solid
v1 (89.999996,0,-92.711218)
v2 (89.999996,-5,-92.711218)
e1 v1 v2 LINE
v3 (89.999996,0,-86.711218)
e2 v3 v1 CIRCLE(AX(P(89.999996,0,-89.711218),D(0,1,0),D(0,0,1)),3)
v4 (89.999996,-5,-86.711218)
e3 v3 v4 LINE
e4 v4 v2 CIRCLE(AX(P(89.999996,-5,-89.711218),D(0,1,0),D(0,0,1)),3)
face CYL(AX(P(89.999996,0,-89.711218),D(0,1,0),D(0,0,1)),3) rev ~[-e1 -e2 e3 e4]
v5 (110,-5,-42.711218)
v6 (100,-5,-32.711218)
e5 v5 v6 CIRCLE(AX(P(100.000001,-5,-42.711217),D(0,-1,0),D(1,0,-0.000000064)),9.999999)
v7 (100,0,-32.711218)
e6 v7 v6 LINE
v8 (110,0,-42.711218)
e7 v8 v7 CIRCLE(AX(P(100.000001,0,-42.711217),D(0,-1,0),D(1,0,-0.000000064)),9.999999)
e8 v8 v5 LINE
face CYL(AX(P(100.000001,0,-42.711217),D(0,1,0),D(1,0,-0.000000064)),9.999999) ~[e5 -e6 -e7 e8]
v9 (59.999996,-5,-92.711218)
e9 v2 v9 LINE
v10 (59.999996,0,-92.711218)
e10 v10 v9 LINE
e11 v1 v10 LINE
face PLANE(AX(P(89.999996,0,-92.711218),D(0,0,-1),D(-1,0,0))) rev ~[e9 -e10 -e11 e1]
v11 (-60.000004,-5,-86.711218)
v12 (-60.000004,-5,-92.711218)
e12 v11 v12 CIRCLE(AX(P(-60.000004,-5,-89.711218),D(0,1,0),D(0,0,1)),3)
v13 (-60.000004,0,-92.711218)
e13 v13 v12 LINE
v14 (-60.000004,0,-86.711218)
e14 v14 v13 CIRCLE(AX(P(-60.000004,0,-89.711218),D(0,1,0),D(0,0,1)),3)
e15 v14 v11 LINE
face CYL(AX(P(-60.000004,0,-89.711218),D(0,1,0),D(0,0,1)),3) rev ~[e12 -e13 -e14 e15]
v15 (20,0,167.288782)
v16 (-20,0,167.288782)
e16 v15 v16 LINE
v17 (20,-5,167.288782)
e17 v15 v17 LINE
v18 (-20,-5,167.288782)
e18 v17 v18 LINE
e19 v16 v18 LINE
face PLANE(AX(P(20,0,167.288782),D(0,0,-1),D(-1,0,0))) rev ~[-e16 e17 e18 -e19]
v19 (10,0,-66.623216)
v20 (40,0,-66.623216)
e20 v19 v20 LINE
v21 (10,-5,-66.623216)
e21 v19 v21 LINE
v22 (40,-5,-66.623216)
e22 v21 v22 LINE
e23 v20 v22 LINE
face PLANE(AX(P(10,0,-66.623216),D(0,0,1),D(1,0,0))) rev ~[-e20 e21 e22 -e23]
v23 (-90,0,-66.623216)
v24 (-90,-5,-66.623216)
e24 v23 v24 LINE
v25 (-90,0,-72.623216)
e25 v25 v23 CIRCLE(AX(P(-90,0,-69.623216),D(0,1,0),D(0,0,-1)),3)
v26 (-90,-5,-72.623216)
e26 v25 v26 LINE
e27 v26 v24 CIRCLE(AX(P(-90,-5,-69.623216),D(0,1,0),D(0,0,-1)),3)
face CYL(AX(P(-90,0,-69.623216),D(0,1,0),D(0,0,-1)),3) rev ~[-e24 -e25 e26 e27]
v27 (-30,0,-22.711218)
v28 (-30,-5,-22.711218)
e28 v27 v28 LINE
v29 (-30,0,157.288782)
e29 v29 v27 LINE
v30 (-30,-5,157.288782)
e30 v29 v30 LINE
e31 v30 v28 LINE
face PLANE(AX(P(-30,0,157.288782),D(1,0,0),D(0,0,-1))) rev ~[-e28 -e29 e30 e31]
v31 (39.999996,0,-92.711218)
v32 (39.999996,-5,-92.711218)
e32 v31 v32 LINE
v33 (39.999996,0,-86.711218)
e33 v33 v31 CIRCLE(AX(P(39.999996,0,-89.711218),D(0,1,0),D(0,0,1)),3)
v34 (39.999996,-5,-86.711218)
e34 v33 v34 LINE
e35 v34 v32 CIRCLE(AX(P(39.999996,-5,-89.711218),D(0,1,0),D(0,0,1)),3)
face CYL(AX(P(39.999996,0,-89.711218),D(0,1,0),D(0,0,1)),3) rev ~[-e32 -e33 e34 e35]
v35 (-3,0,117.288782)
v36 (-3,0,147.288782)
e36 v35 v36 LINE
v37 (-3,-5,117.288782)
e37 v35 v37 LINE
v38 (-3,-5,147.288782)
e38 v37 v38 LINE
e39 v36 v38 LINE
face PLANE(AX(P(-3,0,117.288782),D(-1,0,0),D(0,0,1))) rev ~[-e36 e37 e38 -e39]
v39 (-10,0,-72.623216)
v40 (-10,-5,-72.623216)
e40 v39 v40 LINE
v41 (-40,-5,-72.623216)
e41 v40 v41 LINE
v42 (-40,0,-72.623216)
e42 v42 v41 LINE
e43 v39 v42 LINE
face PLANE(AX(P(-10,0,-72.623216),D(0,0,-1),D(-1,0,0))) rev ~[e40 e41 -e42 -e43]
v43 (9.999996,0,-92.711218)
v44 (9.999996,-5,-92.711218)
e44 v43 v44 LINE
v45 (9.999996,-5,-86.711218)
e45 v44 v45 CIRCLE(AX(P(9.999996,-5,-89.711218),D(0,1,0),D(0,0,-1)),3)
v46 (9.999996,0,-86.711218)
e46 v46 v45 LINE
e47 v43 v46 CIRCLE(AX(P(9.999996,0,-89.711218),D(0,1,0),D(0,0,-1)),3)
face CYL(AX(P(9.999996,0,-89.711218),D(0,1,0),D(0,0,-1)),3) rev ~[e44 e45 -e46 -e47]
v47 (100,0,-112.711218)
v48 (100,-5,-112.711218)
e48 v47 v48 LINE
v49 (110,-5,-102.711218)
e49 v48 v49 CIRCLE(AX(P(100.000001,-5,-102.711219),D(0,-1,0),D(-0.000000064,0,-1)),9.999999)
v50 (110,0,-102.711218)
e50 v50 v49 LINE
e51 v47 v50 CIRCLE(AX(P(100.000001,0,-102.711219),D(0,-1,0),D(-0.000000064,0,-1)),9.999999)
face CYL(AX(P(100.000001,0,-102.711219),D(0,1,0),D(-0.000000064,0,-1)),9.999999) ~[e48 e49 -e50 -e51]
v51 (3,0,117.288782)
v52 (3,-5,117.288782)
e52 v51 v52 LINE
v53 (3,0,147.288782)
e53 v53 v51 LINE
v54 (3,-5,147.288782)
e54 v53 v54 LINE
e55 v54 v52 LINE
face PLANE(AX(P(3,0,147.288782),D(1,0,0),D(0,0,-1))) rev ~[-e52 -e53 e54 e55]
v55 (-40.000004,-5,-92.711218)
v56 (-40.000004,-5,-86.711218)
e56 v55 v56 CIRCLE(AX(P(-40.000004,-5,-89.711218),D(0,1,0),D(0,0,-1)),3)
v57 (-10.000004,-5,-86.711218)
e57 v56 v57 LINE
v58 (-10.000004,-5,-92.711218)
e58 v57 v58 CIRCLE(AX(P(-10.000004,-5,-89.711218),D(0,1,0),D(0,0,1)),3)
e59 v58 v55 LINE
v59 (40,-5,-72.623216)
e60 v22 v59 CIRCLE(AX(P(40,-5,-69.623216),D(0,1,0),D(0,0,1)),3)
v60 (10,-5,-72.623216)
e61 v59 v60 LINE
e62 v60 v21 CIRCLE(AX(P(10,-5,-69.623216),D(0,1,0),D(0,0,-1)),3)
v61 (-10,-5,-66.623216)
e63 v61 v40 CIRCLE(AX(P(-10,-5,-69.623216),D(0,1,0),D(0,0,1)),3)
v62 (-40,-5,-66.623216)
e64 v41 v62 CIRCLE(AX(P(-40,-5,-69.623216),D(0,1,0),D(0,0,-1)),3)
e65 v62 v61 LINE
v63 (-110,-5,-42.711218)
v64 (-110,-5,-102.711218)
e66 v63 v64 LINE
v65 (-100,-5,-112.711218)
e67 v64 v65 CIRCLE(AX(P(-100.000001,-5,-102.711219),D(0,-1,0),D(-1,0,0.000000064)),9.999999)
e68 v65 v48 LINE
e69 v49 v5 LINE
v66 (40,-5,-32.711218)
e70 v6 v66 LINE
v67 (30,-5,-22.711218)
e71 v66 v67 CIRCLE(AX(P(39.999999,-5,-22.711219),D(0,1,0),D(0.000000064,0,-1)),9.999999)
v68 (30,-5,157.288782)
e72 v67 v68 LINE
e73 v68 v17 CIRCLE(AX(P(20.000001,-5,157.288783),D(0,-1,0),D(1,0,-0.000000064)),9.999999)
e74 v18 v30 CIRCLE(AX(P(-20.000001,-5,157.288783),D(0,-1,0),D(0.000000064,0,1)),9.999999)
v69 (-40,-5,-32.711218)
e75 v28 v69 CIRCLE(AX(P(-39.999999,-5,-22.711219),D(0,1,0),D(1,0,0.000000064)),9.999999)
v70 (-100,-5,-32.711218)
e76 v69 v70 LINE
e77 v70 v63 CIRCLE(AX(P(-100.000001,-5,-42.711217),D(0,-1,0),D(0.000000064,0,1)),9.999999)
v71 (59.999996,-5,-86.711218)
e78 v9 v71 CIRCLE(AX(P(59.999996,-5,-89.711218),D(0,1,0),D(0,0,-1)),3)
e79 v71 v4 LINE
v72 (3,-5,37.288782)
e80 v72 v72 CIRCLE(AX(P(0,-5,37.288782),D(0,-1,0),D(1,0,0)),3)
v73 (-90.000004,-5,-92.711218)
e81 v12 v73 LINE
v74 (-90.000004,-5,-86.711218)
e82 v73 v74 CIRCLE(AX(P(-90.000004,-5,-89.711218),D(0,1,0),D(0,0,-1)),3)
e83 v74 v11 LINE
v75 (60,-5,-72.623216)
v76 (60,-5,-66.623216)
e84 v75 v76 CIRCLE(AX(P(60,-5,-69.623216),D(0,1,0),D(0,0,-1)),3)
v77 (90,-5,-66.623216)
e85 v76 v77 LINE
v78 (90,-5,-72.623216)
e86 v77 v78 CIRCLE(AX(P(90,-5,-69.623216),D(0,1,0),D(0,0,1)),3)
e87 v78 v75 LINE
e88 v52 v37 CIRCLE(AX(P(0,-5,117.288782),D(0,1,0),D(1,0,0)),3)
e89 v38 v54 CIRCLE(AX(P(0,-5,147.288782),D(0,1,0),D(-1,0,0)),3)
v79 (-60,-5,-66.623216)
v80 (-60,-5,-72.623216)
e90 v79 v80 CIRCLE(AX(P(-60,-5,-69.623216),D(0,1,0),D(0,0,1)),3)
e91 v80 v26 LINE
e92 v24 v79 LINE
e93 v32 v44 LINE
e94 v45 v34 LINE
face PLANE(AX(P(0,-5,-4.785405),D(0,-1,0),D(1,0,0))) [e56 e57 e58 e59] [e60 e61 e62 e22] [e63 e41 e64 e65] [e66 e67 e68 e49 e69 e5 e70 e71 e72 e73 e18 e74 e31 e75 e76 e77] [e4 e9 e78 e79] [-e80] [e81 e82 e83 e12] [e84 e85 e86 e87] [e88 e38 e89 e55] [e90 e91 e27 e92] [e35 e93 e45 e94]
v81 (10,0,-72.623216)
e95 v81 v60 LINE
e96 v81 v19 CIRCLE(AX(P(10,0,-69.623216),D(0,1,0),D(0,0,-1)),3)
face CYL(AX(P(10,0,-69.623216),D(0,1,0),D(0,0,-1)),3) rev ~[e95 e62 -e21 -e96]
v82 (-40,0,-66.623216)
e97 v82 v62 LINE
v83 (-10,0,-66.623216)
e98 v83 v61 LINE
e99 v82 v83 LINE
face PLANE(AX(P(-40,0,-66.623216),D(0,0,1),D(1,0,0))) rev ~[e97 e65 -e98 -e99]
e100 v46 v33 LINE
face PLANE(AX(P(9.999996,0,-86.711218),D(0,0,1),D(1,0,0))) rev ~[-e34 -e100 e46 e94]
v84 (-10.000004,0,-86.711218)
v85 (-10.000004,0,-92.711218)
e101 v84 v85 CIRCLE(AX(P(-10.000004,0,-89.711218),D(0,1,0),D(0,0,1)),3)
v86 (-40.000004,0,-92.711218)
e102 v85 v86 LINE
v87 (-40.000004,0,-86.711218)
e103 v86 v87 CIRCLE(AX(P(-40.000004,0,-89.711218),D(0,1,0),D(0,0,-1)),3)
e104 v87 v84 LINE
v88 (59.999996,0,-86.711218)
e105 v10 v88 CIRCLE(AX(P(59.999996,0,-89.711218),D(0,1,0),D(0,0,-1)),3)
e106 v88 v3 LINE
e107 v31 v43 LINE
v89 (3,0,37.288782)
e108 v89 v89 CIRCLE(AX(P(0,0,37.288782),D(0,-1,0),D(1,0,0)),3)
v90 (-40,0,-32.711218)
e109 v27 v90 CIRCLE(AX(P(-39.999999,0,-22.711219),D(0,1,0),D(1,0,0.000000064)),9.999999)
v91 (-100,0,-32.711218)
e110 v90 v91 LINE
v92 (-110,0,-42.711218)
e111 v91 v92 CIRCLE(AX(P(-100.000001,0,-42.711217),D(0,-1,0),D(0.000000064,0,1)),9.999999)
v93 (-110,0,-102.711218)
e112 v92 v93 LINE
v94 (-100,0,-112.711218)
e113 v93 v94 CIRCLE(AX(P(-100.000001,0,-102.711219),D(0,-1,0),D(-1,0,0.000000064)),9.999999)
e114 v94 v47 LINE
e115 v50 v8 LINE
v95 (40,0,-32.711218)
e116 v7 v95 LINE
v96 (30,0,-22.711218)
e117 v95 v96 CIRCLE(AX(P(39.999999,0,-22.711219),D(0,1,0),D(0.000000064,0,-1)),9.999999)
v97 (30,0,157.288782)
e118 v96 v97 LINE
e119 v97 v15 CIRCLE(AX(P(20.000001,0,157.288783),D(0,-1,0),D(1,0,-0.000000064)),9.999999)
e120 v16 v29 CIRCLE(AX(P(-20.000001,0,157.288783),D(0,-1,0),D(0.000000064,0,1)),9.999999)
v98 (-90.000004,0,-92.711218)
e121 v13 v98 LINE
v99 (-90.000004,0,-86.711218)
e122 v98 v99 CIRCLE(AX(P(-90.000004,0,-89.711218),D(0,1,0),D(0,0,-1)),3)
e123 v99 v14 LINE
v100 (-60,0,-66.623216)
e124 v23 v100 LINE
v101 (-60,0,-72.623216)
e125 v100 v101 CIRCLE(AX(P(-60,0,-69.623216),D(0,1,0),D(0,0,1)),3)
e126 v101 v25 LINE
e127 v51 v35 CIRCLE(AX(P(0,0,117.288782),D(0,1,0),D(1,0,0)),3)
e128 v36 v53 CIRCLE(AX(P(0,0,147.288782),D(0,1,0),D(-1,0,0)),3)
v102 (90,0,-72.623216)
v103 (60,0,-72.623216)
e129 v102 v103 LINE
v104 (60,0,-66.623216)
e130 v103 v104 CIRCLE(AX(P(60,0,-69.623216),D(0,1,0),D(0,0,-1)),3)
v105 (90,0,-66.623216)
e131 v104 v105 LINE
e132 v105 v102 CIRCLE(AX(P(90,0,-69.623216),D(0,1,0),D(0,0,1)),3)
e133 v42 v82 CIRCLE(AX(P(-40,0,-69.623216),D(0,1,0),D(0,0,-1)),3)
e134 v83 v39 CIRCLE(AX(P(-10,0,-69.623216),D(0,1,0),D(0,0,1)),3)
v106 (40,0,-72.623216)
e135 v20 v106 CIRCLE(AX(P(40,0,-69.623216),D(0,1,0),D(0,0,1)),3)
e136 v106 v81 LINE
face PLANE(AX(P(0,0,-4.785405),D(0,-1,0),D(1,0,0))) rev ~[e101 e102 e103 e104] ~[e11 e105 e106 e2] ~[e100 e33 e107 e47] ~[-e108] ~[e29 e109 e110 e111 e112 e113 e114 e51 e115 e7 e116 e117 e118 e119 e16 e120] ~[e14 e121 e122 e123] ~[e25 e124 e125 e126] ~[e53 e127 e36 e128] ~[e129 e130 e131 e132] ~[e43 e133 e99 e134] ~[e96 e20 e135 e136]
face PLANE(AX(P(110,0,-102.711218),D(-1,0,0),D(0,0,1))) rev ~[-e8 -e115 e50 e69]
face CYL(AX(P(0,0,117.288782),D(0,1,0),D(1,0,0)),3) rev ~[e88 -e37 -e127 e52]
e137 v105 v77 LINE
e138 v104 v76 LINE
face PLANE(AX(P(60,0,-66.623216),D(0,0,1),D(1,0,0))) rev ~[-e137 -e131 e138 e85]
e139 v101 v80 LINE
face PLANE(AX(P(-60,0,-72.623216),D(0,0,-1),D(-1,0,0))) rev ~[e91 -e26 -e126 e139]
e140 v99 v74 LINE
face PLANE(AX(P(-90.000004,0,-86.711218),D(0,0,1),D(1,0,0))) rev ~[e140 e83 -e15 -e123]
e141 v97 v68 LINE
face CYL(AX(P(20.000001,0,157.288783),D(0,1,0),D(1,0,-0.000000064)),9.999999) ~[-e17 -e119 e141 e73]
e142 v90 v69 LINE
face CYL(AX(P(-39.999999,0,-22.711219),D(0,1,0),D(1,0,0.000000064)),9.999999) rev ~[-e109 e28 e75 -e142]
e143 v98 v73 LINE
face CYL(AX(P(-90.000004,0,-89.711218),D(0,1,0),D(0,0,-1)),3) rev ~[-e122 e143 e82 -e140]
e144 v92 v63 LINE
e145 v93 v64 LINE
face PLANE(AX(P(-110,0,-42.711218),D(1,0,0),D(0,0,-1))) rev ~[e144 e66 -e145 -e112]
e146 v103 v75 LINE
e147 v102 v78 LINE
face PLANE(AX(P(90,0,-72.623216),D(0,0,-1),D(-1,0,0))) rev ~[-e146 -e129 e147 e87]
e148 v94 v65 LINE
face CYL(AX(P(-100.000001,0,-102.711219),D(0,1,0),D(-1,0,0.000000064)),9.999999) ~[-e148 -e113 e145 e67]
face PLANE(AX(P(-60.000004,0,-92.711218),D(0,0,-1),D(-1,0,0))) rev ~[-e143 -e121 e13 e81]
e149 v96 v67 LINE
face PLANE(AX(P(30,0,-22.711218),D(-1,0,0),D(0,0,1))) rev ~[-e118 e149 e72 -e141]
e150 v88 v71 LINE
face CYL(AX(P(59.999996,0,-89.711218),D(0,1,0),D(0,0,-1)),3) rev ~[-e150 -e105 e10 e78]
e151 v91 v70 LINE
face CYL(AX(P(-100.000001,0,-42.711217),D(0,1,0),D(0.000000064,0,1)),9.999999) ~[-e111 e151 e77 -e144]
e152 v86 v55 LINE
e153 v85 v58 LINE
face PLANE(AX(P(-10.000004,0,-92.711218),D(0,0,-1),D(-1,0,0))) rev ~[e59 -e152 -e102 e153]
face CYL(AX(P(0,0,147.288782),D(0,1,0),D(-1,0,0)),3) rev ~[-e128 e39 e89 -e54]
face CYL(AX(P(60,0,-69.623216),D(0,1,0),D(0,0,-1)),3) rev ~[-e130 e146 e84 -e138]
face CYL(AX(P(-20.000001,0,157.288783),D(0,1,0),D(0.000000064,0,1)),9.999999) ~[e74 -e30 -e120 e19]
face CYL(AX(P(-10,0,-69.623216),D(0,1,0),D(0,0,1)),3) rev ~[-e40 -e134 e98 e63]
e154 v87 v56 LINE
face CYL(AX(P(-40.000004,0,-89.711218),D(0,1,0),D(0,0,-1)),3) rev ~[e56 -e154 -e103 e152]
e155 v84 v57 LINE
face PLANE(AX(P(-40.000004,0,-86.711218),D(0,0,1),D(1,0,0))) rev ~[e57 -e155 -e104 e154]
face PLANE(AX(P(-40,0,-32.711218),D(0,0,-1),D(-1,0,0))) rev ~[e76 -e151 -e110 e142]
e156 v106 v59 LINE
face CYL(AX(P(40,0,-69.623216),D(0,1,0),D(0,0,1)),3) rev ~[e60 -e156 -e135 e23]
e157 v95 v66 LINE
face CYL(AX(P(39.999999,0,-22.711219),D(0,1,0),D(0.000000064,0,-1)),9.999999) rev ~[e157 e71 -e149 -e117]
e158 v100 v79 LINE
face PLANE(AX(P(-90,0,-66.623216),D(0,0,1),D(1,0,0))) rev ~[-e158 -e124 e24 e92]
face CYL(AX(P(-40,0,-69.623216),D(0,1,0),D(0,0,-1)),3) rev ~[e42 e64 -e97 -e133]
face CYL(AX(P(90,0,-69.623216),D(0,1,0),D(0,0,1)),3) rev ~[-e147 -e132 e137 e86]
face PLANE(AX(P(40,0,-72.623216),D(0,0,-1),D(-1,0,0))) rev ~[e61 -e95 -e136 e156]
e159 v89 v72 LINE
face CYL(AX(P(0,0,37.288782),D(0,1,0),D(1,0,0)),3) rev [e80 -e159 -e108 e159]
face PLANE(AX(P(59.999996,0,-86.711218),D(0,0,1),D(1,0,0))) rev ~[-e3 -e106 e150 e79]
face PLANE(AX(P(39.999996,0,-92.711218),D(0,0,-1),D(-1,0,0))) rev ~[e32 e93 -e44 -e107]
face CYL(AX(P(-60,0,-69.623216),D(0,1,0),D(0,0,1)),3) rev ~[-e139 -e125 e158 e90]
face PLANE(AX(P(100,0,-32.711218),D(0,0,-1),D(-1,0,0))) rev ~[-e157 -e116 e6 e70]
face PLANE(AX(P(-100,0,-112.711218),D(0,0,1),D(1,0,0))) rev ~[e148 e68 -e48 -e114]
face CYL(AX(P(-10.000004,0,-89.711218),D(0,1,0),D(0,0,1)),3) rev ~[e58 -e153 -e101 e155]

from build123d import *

# Parameters (mm, degrees)
F0_R     = 3
F1_DEPTH = 5


with BuildPart() as f1:
    # F0 (on Front) → F1 (new body)
    with BuildSketch(Plane.XZ):
        with BuildLine():
            ThreePointArc((-110, -102.711218), (-107.071068, -109.782286), (-100, -112.711218))
            Line((-100, -112.711218), (100, -112.711218))
            ThreePointArc((100, -112.711218), (107.071068, -109.782286), (110, -102.711218))
            Line((110, -102.711218), (110, -42.711218))
            ThreePointArc((110, -42.711218), (107.071068, -35.64015), (100, -32.711218))
            Line((100, -32.711218), (40, -32.711218))
            ThreePointArc((40, -32.711218), (32.928932, -29.782286), (30, -22.711218))
            Line((30, -22.711218), (30, 157.288782))
            ThreePointArc((30, 157.288782), (27.071068, 164.35985), (20, 167.288782))
            Line((20, 167.288782), (-20, 167.288782))
            ThreePointArc((-20, 167.288782), (-27.071068, 164.35985), (-30, 157.288782))
            Line((-30, 157.288782), (-30, -22.711218))
            ThreePointArc((-30, -22.711218), (-32.928932, -29.782286), (-40, -32.711218))
            Line((-40, -32.711218), (-100, -32.711218))
            ThreePointArc((-100, -32.711218), (-107.071068, -35.64015), (-110, -42.711218))
            Line((-110, -42.711218), (-110, -102.711218))
        make_face()
        with BuildLine():
            ThreePointArc((-90.000004, -92.711218), (-93.000004, -89.711218), (-90.000004, -86.711218))
            Line((-90.000004, -86.711218), (-60.000004, -86.711218))
            ThreePointArc((-60.000004, -86.711218), (-57.000004, -89.711218), (-60.000004, -92.711218))
            Line((-60.000004, -92.711218), (-90.000004, -92.711218))
        make_face(mode=Mode.SUBTRACT)
        with BuildLine():
            ThreePointArc((-90, -72.623216), (-93, -69.623216), (-90, -66.623216))
            Line((-90, -66.623216), (-60, -66.623216))
            ThreePointArc((-60, -66.623216), (-57, -69.623216), (-60, -72.623216))
            Line((-60, -72.623216), (-90, -72.623216))
        make_face(mode=Mode.SUBTRACT)
        with BuildLine():
            ThreePointArc((-10.000004, -86.711218), (-7.000004, -89.711218), (-10.000004, -92.711218))
            Line((-10.000004, -92.711218), (-40.000004, -92.711218))
            ThreePointArc((-40.000004, -92.711218), (-43.000004, -89.711218), (-40.000004, -86.711218))
            Line((-40.000004, -86.711218), (-10.000004, -86.711218))
        make_face(mode=Mode.SUBTRACT)
        with BuildLine():
            ThreePointArc((-10, -66.623216), (-7, -69.623216), (-10, -72.623216))
            Line((-10, -72.623216), (-40, -72.623216))
            ThreePointArc((-40, -72.623216), (-43, -69.623216), (-40, -66.623216))
            Line((-40, -66.623216), (-10, -66.623216))
        make_face(mode=Mode.SUBTRACT)
        with BuildLine():
            Line((39.999996, -92.711218), (9.999996, -92.711218))
            ThreePointArc((9.999996, -92.711218), (6.999996, -89.711218), (9.999996, -86.711218))
            Line((9.999996, -86.711218), (39.999996, -86.711218))
            ThreePointArc((39.999996, -86.711218), (42.999996, -89.711218), (39.999996, -92.711218))
        make_face(mode=Mode.SUBTRACT)
        with BuildLine():
            Line((40, -72.623216), (10, -72.623216))
            ThreePointArc((10, -72.623216), (7, -69.623216), (10, -66.623216))
            Line((10, -66.623216), (40, -66.623216))
            ThreePointArc((40, -66.623216), (43, -69.623216), (40, -72.623216))
        make_face(mode=Mode.SUBTRACT)
        with BuildLine():
            ThreePointArc((89.999996, -86.711218), (92.999996, -89.711218), (89.999996, -92.711218))
            Line((89.999996, -92.711218), (59.999996, -92.711218))
            ThreePointArc((59.999996, -92.711218), (56.999996, -89.711218), (59.999996, -86.711218))
            Line((59.999996, -86.711218), (89.999996, -86.711218))
        make_face(mode=Mode.SUBTRACT)
        with BuildLine():
            ThreePointArc((90, -66.623216), (93, -69.623216), (90, -72.623216))
            Line((90, -72.623216), (60, -72.623216))
            ThreePointArc((60, -72.623216), (57, -69.623216), (60, -66.623216))
            Line((60, -66.623216), (90, -66.623216))
        make_face(mode=Mode.SUBTRACT)
        with Locations((0, 37.288782)):
            Circle(F0_R, mode=Mode.SUBTRACT)
        with BuildLine():
            ThreePointArc((-3, 147.288782), (0, 150.288782), (3, 147.288782))
            Line((3, 147.288782), (3, 117.288782))
            ThreePointArc((3, 117.288782), (0, 114.288782), (-3, 117.288782))
            Line((-3, 117.288782), (-3, 147.288782))
        make_face(mode=Mode.SUBTRACT)
    extrude(amount=F1_DEPTH)


solid = f1.part
